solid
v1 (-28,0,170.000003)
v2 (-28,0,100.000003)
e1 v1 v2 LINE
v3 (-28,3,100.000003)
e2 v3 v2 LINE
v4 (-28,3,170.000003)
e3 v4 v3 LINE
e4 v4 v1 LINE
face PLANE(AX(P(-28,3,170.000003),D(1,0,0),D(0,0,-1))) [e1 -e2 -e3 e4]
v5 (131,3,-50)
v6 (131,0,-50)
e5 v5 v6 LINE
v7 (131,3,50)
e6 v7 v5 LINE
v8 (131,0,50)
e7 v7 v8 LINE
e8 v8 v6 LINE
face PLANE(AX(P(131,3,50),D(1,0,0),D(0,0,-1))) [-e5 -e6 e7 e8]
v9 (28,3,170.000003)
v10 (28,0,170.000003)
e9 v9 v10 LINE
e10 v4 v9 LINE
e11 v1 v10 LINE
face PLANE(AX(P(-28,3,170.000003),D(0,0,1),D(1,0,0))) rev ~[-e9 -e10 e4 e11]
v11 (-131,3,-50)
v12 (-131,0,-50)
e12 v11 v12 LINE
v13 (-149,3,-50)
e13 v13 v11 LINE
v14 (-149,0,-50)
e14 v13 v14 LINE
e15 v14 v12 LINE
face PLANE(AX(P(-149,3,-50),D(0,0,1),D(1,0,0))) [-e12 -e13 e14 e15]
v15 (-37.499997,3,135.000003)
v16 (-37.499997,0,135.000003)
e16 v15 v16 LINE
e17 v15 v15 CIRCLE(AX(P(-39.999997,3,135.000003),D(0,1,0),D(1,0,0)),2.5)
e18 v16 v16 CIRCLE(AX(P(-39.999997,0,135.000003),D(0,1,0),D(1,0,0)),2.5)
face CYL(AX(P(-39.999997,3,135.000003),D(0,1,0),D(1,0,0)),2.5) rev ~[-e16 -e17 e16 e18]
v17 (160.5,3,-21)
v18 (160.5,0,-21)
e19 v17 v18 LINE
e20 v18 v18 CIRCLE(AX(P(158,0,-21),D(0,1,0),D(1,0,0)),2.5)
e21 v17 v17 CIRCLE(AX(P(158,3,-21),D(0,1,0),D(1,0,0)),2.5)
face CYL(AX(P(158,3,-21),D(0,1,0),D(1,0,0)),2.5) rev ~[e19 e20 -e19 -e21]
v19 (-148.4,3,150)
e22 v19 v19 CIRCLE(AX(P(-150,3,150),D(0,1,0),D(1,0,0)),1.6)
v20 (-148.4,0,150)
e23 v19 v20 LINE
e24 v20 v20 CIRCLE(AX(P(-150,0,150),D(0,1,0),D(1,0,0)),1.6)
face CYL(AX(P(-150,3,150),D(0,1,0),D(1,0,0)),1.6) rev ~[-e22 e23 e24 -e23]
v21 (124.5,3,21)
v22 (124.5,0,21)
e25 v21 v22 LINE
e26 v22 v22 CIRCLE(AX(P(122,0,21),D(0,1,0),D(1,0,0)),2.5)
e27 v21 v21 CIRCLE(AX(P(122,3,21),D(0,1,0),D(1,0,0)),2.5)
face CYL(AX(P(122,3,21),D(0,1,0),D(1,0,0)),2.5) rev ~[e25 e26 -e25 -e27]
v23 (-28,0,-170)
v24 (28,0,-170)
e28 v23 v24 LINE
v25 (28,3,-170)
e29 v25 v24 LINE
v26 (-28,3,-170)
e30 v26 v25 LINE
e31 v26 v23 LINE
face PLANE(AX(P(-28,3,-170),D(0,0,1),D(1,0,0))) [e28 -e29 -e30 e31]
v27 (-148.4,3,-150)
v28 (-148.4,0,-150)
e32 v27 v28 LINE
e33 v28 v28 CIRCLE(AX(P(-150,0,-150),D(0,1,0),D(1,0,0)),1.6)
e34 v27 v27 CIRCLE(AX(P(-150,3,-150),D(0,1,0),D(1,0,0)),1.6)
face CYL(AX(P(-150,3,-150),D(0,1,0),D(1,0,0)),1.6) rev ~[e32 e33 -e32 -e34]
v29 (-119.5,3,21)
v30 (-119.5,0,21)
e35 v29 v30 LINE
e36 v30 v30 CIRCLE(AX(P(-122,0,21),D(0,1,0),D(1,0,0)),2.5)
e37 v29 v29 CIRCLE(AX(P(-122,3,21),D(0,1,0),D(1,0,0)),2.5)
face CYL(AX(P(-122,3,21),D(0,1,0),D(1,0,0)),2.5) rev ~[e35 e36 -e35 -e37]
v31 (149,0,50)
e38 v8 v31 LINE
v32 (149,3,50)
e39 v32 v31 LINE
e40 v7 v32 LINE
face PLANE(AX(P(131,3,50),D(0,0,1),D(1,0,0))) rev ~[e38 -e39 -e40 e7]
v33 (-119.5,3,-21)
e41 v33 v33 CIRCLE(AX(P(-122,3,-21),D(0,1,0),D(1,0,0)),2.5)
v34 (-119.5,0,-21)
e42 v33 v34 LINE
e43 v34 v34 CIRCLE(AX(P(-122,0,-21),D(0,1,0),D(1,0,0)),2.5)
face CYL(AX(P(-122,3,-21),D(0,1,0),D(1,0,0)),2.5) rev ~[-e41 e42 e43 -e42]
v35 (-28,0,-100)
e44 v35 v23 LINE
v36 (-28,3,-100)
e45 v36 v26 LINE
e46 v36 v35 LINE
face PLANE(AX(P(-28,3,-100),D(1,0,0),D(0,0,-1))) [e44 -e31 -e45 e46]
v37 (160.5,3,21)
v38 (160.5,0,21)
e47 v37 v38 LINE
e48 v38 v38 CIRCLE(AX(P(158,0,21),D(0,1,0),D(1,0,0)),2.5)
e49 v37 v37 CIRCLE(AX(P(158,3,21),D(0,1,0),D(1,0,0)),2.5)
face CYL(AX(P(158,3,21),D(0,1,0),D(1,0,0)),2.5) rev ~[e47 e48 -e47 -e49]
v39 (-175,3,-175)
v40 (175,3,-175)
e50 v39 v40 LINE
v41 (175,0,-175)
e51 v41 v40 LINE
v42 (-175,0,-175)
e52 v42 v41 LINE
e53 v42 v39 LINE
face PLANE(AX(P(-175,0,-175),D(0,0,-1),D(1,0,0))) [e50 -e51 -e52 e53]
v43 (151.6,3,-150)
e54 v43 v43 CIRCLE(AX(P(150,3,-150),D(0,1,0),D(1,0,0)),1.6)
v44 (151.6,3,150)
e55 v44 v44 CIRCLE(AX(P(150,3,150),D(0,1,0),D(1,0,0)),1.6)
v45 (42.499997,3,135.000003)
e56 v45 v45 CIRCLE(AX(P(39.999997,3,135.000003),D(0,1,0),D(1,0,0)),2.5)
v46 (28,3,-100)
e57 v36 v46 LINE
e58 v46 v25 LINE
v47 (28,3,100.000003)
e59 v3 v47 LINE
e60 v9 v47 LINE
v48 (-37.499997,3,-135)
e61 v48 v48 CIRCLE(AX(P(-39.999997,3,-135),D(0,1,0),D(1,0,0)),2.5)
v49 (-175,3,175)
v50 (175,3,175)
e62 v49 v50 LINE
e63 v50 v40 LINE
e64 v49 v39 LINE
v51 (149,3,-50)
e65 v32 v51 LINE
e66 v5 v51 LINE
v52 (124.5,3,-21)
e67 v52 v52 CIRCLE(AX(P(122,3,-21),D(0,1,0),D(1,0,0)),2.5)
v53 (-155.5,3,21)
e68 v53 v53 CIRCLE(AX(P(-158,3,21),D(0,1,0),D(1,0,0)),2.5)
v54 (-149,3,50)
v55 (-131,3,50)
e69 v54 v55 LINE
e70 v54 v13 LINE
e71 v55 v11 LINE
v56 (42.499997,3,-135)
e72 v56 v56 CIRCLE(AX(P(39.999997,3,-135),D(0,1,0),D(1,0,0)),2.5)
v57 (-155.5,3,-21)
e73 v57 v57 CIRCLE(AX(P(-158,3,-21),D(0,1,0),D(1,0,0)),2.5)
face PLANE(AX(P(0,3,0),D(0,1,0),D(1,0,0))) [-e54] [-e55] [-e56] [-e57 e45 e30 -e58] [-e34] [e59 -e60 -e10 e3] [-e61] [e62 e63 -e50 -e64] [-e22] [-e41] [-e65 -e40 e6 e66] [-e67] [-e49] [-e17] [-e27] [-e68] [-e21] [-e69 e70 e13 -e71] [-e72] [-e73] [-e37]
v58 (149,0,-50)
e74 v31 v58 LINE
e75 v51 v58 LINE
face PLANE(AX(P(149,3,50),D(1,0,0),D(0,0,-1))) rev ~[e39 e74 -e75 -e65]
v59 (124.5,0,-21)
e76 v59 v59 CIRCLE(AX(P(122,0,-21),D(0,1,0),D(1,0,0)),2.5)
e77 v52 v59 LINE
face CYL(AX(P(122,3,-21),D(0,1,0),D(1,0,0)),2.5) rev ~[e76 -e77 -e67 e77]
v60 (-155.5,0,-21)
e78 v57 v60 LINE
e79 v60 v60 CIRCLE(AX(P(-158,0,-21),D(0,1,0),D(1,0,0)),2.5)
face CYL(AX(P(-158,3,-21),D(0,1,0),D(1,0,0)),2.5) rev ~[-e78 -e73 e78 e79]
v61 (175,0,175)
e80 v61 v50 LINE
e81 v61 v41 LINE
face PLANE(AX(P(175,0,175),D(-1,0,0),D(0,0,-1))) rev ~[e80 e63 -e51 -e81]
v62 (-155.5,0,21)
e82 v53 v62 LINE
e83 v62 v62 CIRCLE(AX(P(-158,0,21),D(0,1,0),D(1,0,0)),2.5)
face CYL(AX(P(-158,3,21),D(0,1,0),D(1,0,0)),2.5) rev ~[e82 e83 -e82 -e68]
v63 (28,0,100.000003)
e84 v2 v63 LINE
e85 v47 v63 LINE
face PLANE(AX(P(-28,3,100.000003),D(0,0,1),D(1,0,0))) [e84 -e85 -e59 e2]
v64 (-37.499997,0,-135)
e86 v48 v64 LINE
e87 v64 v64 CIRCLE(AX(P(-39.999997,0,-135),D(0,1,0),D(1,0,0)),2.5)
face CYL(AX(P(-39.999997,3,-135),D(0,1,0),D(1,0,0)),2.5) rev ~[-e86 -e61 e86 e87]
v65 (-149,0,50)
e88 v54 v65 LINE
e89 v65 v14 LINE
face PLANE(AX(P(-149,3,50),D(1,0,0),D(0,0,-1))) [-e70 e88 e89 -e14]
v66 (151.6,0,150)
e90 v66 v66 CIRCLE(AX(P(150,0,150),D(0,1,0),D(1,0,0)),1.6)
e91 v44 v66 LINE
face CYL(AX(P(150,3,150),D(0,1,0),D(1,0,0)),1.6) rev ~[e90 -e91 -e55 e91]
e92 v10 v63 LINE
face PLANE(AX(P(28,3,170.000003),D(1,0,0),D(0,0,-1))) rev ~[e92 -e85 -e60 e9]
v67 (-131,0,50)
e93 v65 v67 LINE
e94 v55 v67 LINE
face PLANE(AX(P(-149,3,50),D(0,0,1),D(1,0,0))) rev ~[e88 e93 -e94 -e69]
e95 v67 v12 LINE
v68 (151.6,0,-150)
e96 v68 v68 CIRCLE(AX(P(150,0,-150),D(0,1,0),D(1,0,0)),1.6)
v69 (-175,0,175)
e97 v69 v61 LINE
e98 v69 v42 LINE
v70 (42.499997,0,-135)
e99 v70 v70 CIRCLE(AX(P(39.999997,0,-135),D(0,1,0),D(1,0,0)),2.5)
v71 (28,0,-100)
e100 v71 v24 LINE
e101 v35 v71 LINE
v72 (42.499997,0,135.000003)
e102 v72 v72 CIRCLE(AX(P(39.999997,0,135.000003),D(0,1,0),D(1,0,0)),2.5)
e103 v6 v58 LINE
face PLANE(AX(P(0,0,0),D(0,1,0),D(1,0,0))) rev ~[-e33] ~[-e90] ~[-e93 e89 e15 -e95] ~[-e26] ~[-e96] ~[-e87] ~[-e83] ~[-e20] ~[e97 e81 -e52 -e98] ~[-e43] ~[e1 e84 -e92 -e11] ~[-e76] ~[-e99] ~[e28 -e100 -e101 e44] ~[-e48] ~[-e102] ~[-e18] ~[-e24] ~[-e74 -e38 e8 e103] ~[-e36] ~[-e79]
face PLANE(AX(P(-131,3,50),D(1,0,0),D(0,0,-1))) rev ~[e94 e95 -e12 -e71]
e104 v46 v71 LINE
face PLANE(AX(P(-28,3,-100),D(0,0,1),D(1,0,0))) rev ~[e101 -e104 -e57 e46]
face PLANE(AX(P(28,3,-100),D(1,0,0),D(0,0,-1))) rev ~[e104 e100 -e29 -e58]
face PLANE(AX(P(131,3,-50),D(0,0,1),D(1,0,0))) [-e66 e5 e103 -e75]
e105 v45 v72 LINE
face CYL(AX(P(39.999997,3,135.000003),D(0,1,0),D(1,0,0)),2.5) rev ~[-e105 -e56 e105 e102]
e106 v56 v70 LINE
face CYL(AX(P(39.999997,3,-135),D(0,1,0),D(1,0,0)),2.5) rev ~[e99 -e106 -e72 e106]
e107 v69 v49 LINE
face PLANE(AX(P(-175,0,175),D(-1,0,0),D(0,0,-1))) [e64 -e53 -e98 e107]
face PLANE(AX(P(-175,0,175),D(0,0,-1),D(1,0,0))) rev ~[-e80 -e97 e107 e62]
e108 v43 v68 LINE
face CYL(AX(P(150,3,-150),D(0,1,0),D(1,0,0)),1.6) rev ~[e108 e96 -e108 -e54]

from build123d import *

# Parameters (mm, degrees)
SKETCH1_W           = 350
SKETCH1_H           = 350
BOSS_EXTRUDE1_DEPTH = 3
SKETCH3_W           = 18
SKETCH3_H           = 100
CUT_EXTRUDE1_DEPTH  = 3
SKETCH4_W           = 56
SKETCH4_H           = 70
CUT_EXTRUDE2_DEPTH  = 3
SKETCH5_R           = 2.5
SKETCH5_R_2         = 1.6
CUT_EXTRUDE3_DEPTH  = 3


with BuildPart() as part:
    # Sketch1 → Boss-Extrude1 (new body)
    with BuildSketch(Plane(origin=(0, 0, 0), x_dir=(1, 0, 0), z_dir=(0, 1, 0))):
        Rectangle(SKETCH1_W, SKETCH1_H)
    extrude(amount=BOSS_EXTRUDE1_DEPTH)

    # Sketch3 → Cut-Extrude1 (cut)
    with BuildSketch(Plane(origin=(0, 3, 0), x_dir=(1, 0, 0), z_dir=(0, 1, 0))):
        with Locations((-140, 0)):
            Rectangle(SKETCH3_W, SKETCH3_H)
        with Locations((140, 0)):
            Rectangle(SKETCH3_W, SKETCH3_H)
    extrude(amount=-CUT_EXTRUDE1_DEPTH, mode=Mode.SUBTRACT)

    # Sketch4 → Cut-Extrude2 (cut)
    with BuildSketch(Plane(origin=(0, 3, 0), x_dir=(1, 0, 0), z_dir=(0, 1, 0))):
        with Locations((0, 135.000000303)):
            Rectangle(SKETCH4_W, SKETCH4_H)
        with Locations((0, -135.000003084)):
            Rectangle(SKETCH4_W, SKETCH4_H)
    extrude(amount=-CUT_EXTRUDE2_DEPTH, mode=Mode.SUBTRACT)

    # Sketch5 → Cut-Extrude3 (cut)
    with BuildSketch(Plane(origin=(0, 3, 0), x_dir=(1, 0, 0), z_dir=(0, 1, 0))):
        with Locations((-158, 21)):
            Circle(SKETCH5_R)
        with Locations((-158, -21)):
            Circle(SKETCH5_R)
        with Locations((-122, 21)):
            Circle(SKETCH5_R)
        with Locations((-122, -21)):
            Circle(SKETCH5_R)
        with Locations((158, 21)):
            Circle(SKETCH5_R)
        with Locations((158, -21)):
            Circle(SKETCH5_R)
        with Locations((122, 21)):
            Circle(SKETCH5_R)
        with Locations((122, -21)):
            Circle(SKETCH5_R)
        with Locations((-39.999996759, -135.000003084)):
            Circle(SKETCH5_R)
        with Locations((39.999996759, -135.000003084)):
            Circle(SKETCH5_R)
        with Locations((-39.999996759, 135.000000303)):
            Circle(SKETCH5_R)
        with Locations((39.999996759, 135.000000303)):
            Circle(SKETCH5_R)
        with Locations((-150, 150)):
            Circle(SKETCH5_R_2)
        with Locations((150, 150)):
            Circle(SKETCH5_R_2)
        with Locations((150, -150)):
            Circle(SKETCH5_R_2)
        with Locations((-150, -150)):
            Circle(SKETCH5_R_2)
    extrude(amount=-CUT_EXTRUDE3_DEPTH, mode=Mode.SUBTRACT)


solid = part.part
